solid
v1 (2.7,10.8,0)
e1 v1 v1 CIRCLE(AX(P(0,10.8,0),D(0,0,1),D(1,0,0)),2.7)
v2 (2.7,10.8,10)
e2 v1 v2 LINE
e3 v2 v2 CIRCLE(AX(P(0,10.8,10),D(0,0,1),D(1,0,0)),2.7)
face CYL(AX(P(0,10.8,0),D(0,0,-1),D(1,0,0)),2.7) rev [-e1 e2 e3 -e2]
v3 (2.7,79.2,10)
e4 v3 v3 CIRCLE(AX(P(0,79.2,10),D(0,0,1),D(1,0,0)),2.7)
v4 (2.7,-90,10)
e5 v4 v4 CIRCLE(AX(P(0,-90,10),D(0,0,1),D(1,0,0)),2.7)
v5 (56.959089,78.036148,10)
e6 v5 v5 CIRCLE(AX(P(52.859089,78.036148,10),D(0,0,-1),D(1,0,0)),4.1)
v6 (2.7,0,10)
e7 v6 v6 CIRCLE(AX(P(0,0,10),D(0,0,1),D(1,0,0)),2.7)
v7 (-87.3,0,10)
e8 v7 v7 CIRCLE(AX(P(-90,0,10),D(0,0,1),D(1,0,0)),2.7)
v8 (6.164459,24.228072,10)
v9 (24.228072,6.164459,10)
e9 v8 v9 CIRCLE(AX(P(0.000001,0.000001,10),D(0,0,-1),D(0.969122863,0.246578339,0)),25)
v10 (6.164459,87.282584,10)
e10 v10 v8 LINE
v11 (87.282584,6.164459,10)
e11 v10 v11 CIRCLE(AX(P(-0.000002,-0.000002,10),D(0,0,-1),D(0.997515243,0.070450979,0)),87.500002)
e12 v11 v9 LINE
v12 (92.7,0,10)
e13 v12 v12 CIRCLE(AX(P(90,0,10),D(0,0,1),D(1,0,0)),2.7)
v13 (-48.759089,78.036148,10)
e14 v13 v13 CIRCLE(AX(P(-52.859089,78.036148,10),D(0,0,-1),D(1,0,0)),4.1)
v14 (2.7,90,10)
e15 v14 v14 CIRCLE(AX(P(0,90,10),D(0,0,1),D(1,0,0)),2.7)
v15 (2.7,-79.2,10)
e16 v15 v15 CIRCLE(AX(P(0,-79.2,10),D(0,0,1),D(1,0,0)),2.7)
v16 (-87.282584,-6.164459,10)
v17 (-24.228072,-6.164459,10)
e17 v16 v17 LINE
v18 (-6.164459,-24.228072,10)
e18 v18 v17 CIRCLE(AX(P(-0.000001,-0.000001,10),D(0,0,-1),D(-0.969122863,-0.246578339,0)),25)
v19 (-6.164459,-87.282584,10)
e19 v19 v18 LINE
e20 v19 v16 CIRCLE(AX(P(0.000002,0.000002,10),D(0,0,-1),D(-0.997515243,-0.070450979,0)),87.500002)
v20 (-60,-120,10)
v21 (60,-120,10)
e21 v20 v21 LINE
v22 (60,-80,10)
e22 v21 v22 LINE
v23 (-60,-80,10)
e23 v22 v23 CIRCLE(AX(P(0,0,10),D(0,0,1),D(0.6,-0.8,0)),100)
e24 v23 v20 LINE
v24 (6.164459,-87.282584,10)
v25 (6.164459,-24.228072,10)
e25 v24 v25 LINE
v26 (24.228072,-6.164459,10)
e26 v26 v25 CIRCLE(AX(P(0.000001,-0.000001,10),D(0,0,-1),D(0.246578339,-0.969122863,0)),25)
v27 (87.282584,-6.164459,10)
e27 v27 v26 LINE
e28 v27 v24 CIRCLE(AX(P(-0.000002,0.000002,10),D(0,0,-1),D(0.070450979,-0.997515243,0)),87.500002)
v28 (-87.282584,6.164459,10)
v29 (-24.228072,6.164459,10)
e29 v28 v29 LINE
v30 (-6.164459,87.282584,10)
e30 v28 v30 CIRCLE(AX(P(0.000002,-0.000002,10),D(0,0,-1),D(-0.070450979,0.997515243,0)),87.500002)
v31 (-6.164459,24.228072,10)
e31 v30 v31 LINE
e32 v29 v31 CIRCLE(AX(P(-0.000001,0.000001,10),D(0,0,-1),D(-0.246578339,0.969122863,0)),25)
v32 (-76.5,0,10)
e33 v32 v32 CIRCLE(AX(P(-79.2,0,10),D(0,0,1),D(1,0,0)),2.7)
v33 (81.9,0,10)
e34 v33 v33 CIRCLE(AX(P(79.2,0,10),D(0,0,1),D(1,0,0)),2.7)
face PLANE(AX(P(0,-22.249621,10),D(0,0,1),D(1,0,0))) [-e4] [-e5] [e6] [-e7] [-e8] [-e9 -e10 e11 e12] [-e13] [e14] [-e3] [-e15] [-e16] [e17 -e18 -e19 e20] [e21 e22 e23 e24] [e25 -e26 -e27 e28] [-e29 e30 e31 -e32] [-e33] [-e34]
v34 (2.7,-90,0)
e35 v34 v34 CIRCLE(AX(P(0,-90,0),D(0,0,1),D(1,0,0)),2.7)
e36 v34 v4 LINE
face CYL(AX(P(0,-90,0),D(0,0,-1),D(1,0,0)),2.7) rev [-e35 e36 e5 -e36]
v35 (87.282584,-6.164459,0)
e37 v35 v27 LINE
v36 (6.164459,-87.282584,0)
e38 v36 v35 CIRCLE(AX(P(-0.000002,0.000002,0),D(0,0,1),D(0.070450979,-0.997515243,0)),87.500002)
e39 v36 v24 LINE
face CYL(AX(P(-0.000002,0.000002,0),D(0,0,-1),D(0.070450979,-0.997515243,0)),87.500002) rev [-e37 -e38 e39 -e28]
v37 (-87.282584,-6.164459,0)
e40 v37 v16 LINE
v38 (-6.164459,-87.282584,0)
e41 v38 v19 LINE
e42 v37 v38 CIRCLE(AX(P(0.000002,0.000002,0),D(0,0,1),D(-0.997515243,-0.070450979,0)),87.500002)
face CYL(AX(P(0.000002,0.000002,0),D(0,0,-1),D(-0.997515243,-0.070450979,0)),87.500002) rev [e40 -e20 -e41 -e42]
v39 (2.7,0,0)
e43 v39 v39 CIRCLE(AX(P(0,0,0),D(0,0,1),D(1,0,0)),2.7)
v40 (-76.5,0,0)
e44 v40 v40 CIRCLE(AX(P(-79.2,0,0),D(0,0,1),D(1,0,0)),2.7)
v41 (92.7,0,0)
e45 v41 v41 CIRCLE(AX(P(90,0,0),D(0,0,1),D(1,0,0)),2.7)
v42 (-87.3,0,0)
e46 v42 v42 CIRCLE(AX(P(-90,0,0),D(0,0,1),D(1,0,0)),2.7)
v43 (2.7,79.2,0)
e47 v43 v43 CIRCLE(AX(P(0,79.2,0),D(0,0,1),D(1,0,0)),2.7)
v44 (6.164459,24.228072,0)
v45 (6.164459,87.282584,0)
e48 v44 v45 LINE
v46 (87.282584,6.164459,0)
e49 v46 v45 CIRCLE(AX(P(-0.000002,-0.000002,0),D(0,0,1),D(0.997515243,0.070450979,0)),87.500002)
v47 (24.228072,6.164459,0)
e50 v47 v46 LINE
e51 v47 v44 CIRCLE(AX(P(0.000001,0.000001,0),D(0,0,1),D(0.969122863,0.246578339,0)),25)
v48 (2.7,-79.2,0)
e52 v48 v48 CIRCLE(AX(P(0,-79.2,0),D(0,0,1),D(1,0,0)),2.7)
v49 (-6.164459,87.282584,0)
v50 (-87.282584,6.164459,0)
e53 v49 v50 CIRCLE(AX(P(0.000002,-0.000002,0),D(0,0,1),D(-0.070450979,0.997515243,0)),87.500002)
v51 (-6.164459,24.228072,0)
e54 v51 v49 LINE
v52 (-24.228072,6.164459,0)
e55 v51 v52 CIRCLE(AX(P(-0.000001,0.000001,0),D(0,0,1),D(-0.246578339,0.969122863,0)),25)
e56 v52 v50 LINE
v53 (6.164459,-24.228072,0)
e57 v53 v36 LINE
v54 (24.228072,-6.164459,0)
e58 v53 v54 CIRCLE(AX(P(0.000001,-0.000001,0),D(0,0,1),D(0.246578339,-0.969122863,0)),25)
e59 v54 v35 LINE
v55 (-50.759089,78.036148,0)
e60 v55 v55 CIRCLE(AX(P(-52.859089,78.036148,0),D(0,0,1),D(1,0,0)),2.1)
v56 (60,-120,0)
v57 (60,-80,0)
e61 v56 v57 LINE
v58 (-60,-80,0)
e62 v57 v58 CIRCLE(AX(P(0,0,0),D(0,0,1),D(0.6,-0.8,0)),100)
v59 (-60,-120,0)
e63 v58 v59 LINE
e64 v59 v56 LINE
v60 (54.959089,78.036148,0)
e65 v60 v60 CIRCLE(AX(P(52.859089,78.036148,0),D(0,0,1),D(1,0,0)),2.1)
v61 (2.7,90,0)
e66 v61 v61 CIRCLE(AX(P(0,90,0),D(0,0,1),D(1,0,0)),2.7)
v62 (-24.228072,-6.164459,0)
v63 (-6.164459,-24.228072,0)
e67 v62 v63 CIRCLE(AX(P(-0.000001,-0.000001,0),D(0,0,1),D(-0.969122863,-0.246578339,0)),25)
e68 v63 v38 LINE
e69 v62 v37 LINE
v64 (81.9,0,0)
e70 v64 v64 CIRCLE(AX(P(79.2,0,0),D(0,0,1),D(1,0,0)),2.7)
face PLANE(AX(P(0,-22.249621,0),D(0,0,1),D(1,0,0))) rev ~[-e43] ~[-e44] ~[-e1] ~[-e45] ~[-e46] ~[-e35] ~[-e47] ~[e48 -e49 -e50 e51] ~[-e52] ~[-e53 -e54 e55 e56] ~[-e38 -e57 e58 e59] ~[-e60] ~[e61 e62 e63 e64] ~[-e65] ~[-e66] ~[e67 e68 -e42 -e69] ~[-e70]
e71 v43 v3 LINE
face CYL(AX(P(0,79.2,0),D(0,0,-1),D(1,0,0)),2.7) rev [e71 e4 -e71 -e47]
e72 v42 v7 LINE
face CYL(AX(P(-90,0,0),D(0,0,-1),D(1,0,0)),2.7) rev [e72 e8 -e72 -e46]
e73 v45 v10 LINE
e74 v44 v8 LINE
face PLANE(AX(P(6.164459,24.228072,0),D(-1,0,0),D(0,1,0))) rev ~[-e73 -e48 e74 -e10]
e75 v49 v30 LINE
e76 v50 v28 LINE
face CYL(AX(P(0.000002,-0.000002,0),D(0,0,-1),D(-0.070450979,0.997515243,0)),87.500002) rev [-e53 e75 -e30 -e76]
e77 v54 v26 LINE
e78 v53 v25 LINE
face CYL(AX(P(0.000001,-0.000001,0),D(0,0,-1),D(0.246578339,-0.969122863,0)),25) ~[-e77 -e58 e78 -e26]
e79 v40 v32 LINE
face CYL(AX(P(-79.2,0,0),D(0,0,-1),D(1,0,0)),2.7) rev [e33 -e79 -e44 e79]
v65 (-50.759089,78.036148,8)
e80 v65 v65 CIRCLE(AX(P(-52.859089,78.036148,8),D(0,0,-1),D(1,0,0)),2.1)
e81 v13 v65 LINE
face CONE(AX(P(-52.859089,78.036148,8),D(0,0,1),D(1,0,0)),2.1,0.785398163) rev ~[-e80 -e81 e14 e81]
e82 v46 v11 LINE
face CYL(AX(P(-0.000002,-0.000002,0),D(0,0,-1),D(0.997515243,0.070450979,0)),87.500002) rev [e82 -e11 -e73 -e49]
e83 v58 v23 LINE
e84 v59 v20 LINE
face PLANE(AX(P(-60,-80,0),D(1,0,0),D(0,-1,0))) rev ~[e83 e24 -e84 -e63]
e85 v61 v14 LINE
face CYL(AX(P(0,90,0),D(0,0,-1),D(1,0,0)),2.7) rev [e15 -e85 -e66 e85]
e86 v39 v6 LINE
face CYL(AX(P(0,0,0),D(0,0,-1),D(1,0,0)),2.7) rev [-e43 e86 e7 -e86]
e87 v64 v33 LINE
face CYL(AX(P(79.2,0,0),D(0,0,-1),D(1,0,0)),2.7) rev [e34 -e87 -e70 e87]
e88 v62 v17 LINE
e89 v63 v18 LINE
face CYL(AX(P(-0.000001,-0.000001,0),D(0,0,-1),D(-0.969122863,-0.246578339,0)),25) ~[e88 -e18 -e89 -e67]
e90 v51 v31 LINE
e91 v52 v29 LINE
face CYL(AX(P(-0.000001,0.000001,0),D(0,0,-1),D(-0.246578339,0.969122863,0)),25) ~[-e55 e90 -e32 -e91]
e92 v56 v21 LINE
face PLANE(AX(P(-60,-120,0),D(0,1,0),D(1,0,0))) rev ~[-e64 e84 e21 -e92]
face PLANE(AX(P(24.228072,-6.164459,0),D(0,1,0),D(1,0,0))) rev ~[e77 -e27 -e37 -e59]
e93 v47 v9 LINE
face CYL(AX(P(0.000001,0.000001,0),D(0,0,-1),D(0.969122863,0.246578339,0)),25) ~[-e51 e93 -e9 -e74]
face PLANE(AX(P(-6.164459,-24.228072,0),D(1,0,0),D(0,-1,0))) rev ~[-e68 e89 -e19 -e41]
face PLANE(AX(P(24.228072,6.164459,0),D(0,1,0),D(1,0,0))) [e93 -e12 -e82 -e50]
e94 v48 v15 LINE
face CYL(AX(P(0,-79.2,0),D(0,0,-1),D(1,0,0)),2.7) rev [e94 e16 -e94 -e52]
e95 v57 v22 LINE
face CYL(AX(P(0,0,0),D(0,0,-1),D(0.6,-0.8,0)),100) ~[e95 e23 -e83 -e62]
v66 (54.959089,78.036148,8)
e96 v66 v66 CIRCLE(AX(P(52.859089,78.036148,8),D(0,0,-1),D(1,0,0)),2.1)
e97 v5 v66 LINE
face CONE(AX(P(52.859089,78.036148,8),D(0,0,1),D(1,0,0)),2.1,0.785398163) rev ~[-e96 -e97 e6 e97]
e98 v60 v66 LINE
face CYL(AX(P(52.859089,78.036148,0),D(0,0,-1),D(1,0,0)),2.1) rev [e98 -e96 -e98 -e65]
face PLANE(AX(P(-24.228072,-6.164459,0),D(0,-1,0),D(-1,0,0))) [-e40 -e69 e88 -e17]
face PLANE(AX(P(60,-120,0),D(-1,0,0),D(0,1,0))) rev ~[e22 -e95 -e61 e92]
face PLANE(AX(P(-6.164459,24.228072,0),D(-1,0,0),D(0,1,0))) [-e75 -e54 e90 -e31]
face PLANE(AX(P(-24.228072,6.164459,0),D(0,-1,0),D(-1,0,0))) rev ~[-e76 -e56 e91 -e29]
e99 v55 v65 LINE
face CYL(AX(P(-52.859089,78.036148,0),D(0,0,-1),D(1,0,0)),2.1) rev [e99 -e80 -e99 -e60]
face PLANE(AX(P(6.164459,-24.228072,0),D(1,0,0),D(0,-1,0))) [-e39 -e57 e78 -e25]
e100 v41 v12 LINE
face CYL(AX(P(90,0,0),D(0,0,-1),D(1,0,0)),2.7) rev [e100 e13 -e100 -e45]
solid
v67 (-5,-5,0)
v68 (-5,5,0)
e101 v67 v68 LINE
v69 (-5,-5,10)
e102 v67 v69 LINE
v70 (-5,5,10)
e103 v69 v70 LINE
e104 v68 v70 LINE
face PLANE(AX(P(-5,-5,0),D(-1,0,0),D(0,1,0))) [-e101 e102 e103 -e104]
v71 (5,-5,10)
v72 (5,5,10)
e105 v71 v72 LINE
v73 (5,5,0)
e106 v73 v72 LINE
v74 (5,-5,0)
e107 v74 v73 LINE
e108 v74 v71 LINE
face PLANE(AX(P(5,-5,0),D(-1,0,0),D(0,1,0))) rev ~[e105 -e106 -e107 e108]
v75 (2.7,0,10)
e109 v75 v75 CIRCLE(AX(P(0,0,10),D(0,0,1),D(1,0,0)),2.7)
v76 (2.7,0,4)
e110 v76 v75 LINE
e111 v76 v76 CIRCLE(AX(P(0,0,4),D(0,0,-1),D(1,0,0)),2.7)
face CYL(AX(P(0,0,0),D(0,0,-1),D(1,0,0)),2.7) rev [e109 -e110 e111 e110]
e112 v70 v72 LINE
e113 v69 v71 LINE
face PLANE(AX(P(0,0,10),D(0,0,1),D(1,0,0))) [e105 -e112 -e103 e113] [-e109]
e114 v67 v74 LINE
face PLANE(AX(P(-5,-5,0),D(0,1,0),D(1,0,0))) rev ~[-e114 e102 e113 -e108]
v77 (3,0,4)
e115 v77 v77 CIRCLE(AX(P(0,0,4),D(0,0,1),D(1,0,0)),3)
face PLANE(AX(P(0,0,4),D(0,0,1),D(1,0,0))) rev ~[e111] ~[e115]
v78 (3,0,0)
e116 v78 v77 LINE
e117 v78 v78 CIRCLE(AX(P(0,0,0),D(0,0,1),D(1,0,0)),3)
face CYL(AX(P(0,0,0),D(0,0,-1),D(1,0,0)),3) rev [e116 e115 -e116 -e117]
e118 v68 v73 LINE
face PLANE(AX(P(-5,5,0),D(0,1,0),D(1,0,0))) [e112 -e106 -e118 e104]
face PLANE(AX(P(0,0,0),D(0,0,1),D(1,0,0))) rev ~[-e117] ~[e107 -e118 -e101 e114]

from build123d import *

# Parameters (mm, degrees)
SKETCH_W           = 10
SKETCH_H           = 10
SKETCH_R           = 2.7
PAD_DEPTH          = 10
SKETCH001_R        = 3
POCKET_DEPTH       = 4
SKETCH002_R        = 2.7
PAD001_DEPTH       = 10
POCKET001_DEPTH    = 604.979991
POLARPATTERN_COUNT = 4
SKETCH004_R        = 2.1
POCKET002_DEPTH    = 10.001
CHAMFER_SIZE       = 2


with BuildPart() as led_proto:
    # Sketch → Pad (new body)
    with BuildSketch(Plane.XY):
        Rectangle(SKETCH_W, SKETCH_H)
        Circle(SKETCH_R, mode=Mode.SUBTRACT)
    extrude(amount=PAD_DEPTH)

    # Sketch001 → Pocket (cut)
    with BuildSketch(Plane.XY):
        Circle(SKETCH001_R)
    extrude(amount=POCKET_DEPTH, mode=Mode.SUBTRACT)


with BuildPart() as target:
    # Sketch002 → Pad001 (new body)
    with BuildSketch(Plane.XY):
        with BuildLine():
            Line((-60, -80), (-60, -120))
            Line((-60, -120), (60, -120))
            Line((60, -120), (60, -80))
            ThreePointArc((60, -80), (0, 100), (-60, -80))
        make_face()
        with Locations((-90, 0)):
            Circle(SKETCH002_R, mode=Mode.SUBTRACT)
        with Locations((-79.2, 0)):
            Circle(SKETCH002_R, mode=Mode.SUBTRACT)
        with Locations((0, -90)):
            Circle(SKETCH002_R, mode=Mode.SUBTRACT)
        with Locations((0, -79.2)):
            Circle(SKETCH002_R, mode=Mode.SUBTRACT)
        with Locations((79.2, 0)):
            Circle(SKETCH002_R, mode=Mode.SUBTRACT)
        with Locations((90, 0)):
            Circle(SKETCH002_R, mode=Mode.SUBTRACT)
        with Locations((0, 90)):
            Circle(SKETCH002_R, mode=Mode.SUBTRACT)
        with Locations((0, 79.2)):
            Circle(SKETCH002_R, mode=Mode.SUBTRACT)
        Circle(SKETCH002_R, mode=Mode.SUBTRACT)
        with Locations((0, 10.8)):
            Circle(SKETCH002_R, mode=Mode.SUBTRACT)
    extrude(amount=PAD001_DEPTH)

    # Sketch003 → Pocket001 (cut, through all)
    with BuildSketch(Plane.XY):
        with BuildLine():
            ThreePointArc((24.228072, 6.164459), (17.67767, 17.67767), (6.164459, 24.228072))
            Line((6.164459, 24.228072), (6.164459, 87.282584))
            ThreePointArc((87.282584, 6.164459), (61.871843, 61.871843), (6.164459, 87.282584))
            Line((24.228072, 6.164459), (87.282584, 6.164459))
        make_face()
    pocket001 = extrude(amount=POCKET001_DEPTH, mode=Mode.SUBTRACT)

    # PolarPattern: Pocket001 ×4 about axis
    polarpattern_axis = Axis((0, 0, 0), (0, 0, 1))
    for i in range(1, POLARPATTERN_COUNT):
        add(pocket001.rotate(polarpattern_axis, i * 360 / POLARPATTERN_COUNT), mode=Mode.SUBTRACT)

    # Sketch004 → Pocket002 (cut, through all)
    with BuildSketch(Plane.XY):
        with Locations((52.859089, 78.036148)):
            Circle(SKETCH004_R)
        with Locations((-52.859089, 78.036148)):
            Circle(SKETCH004_R)
    extrude(amount=POCKET002_DEPTH, mode=Mode.SUBTRACT)

    # Chamfer
    chamfer_edges = [target.edges().sort_by_distance(p)[0] for p in [
        (50.759089, 78.036148, 10),
        (-54.959089, 78.036148, 10),
    ]]
    chamfer(chamfer_edges, length=CHAMFER_SIZE)


solid = Compound([led_proto.part, target.part])
